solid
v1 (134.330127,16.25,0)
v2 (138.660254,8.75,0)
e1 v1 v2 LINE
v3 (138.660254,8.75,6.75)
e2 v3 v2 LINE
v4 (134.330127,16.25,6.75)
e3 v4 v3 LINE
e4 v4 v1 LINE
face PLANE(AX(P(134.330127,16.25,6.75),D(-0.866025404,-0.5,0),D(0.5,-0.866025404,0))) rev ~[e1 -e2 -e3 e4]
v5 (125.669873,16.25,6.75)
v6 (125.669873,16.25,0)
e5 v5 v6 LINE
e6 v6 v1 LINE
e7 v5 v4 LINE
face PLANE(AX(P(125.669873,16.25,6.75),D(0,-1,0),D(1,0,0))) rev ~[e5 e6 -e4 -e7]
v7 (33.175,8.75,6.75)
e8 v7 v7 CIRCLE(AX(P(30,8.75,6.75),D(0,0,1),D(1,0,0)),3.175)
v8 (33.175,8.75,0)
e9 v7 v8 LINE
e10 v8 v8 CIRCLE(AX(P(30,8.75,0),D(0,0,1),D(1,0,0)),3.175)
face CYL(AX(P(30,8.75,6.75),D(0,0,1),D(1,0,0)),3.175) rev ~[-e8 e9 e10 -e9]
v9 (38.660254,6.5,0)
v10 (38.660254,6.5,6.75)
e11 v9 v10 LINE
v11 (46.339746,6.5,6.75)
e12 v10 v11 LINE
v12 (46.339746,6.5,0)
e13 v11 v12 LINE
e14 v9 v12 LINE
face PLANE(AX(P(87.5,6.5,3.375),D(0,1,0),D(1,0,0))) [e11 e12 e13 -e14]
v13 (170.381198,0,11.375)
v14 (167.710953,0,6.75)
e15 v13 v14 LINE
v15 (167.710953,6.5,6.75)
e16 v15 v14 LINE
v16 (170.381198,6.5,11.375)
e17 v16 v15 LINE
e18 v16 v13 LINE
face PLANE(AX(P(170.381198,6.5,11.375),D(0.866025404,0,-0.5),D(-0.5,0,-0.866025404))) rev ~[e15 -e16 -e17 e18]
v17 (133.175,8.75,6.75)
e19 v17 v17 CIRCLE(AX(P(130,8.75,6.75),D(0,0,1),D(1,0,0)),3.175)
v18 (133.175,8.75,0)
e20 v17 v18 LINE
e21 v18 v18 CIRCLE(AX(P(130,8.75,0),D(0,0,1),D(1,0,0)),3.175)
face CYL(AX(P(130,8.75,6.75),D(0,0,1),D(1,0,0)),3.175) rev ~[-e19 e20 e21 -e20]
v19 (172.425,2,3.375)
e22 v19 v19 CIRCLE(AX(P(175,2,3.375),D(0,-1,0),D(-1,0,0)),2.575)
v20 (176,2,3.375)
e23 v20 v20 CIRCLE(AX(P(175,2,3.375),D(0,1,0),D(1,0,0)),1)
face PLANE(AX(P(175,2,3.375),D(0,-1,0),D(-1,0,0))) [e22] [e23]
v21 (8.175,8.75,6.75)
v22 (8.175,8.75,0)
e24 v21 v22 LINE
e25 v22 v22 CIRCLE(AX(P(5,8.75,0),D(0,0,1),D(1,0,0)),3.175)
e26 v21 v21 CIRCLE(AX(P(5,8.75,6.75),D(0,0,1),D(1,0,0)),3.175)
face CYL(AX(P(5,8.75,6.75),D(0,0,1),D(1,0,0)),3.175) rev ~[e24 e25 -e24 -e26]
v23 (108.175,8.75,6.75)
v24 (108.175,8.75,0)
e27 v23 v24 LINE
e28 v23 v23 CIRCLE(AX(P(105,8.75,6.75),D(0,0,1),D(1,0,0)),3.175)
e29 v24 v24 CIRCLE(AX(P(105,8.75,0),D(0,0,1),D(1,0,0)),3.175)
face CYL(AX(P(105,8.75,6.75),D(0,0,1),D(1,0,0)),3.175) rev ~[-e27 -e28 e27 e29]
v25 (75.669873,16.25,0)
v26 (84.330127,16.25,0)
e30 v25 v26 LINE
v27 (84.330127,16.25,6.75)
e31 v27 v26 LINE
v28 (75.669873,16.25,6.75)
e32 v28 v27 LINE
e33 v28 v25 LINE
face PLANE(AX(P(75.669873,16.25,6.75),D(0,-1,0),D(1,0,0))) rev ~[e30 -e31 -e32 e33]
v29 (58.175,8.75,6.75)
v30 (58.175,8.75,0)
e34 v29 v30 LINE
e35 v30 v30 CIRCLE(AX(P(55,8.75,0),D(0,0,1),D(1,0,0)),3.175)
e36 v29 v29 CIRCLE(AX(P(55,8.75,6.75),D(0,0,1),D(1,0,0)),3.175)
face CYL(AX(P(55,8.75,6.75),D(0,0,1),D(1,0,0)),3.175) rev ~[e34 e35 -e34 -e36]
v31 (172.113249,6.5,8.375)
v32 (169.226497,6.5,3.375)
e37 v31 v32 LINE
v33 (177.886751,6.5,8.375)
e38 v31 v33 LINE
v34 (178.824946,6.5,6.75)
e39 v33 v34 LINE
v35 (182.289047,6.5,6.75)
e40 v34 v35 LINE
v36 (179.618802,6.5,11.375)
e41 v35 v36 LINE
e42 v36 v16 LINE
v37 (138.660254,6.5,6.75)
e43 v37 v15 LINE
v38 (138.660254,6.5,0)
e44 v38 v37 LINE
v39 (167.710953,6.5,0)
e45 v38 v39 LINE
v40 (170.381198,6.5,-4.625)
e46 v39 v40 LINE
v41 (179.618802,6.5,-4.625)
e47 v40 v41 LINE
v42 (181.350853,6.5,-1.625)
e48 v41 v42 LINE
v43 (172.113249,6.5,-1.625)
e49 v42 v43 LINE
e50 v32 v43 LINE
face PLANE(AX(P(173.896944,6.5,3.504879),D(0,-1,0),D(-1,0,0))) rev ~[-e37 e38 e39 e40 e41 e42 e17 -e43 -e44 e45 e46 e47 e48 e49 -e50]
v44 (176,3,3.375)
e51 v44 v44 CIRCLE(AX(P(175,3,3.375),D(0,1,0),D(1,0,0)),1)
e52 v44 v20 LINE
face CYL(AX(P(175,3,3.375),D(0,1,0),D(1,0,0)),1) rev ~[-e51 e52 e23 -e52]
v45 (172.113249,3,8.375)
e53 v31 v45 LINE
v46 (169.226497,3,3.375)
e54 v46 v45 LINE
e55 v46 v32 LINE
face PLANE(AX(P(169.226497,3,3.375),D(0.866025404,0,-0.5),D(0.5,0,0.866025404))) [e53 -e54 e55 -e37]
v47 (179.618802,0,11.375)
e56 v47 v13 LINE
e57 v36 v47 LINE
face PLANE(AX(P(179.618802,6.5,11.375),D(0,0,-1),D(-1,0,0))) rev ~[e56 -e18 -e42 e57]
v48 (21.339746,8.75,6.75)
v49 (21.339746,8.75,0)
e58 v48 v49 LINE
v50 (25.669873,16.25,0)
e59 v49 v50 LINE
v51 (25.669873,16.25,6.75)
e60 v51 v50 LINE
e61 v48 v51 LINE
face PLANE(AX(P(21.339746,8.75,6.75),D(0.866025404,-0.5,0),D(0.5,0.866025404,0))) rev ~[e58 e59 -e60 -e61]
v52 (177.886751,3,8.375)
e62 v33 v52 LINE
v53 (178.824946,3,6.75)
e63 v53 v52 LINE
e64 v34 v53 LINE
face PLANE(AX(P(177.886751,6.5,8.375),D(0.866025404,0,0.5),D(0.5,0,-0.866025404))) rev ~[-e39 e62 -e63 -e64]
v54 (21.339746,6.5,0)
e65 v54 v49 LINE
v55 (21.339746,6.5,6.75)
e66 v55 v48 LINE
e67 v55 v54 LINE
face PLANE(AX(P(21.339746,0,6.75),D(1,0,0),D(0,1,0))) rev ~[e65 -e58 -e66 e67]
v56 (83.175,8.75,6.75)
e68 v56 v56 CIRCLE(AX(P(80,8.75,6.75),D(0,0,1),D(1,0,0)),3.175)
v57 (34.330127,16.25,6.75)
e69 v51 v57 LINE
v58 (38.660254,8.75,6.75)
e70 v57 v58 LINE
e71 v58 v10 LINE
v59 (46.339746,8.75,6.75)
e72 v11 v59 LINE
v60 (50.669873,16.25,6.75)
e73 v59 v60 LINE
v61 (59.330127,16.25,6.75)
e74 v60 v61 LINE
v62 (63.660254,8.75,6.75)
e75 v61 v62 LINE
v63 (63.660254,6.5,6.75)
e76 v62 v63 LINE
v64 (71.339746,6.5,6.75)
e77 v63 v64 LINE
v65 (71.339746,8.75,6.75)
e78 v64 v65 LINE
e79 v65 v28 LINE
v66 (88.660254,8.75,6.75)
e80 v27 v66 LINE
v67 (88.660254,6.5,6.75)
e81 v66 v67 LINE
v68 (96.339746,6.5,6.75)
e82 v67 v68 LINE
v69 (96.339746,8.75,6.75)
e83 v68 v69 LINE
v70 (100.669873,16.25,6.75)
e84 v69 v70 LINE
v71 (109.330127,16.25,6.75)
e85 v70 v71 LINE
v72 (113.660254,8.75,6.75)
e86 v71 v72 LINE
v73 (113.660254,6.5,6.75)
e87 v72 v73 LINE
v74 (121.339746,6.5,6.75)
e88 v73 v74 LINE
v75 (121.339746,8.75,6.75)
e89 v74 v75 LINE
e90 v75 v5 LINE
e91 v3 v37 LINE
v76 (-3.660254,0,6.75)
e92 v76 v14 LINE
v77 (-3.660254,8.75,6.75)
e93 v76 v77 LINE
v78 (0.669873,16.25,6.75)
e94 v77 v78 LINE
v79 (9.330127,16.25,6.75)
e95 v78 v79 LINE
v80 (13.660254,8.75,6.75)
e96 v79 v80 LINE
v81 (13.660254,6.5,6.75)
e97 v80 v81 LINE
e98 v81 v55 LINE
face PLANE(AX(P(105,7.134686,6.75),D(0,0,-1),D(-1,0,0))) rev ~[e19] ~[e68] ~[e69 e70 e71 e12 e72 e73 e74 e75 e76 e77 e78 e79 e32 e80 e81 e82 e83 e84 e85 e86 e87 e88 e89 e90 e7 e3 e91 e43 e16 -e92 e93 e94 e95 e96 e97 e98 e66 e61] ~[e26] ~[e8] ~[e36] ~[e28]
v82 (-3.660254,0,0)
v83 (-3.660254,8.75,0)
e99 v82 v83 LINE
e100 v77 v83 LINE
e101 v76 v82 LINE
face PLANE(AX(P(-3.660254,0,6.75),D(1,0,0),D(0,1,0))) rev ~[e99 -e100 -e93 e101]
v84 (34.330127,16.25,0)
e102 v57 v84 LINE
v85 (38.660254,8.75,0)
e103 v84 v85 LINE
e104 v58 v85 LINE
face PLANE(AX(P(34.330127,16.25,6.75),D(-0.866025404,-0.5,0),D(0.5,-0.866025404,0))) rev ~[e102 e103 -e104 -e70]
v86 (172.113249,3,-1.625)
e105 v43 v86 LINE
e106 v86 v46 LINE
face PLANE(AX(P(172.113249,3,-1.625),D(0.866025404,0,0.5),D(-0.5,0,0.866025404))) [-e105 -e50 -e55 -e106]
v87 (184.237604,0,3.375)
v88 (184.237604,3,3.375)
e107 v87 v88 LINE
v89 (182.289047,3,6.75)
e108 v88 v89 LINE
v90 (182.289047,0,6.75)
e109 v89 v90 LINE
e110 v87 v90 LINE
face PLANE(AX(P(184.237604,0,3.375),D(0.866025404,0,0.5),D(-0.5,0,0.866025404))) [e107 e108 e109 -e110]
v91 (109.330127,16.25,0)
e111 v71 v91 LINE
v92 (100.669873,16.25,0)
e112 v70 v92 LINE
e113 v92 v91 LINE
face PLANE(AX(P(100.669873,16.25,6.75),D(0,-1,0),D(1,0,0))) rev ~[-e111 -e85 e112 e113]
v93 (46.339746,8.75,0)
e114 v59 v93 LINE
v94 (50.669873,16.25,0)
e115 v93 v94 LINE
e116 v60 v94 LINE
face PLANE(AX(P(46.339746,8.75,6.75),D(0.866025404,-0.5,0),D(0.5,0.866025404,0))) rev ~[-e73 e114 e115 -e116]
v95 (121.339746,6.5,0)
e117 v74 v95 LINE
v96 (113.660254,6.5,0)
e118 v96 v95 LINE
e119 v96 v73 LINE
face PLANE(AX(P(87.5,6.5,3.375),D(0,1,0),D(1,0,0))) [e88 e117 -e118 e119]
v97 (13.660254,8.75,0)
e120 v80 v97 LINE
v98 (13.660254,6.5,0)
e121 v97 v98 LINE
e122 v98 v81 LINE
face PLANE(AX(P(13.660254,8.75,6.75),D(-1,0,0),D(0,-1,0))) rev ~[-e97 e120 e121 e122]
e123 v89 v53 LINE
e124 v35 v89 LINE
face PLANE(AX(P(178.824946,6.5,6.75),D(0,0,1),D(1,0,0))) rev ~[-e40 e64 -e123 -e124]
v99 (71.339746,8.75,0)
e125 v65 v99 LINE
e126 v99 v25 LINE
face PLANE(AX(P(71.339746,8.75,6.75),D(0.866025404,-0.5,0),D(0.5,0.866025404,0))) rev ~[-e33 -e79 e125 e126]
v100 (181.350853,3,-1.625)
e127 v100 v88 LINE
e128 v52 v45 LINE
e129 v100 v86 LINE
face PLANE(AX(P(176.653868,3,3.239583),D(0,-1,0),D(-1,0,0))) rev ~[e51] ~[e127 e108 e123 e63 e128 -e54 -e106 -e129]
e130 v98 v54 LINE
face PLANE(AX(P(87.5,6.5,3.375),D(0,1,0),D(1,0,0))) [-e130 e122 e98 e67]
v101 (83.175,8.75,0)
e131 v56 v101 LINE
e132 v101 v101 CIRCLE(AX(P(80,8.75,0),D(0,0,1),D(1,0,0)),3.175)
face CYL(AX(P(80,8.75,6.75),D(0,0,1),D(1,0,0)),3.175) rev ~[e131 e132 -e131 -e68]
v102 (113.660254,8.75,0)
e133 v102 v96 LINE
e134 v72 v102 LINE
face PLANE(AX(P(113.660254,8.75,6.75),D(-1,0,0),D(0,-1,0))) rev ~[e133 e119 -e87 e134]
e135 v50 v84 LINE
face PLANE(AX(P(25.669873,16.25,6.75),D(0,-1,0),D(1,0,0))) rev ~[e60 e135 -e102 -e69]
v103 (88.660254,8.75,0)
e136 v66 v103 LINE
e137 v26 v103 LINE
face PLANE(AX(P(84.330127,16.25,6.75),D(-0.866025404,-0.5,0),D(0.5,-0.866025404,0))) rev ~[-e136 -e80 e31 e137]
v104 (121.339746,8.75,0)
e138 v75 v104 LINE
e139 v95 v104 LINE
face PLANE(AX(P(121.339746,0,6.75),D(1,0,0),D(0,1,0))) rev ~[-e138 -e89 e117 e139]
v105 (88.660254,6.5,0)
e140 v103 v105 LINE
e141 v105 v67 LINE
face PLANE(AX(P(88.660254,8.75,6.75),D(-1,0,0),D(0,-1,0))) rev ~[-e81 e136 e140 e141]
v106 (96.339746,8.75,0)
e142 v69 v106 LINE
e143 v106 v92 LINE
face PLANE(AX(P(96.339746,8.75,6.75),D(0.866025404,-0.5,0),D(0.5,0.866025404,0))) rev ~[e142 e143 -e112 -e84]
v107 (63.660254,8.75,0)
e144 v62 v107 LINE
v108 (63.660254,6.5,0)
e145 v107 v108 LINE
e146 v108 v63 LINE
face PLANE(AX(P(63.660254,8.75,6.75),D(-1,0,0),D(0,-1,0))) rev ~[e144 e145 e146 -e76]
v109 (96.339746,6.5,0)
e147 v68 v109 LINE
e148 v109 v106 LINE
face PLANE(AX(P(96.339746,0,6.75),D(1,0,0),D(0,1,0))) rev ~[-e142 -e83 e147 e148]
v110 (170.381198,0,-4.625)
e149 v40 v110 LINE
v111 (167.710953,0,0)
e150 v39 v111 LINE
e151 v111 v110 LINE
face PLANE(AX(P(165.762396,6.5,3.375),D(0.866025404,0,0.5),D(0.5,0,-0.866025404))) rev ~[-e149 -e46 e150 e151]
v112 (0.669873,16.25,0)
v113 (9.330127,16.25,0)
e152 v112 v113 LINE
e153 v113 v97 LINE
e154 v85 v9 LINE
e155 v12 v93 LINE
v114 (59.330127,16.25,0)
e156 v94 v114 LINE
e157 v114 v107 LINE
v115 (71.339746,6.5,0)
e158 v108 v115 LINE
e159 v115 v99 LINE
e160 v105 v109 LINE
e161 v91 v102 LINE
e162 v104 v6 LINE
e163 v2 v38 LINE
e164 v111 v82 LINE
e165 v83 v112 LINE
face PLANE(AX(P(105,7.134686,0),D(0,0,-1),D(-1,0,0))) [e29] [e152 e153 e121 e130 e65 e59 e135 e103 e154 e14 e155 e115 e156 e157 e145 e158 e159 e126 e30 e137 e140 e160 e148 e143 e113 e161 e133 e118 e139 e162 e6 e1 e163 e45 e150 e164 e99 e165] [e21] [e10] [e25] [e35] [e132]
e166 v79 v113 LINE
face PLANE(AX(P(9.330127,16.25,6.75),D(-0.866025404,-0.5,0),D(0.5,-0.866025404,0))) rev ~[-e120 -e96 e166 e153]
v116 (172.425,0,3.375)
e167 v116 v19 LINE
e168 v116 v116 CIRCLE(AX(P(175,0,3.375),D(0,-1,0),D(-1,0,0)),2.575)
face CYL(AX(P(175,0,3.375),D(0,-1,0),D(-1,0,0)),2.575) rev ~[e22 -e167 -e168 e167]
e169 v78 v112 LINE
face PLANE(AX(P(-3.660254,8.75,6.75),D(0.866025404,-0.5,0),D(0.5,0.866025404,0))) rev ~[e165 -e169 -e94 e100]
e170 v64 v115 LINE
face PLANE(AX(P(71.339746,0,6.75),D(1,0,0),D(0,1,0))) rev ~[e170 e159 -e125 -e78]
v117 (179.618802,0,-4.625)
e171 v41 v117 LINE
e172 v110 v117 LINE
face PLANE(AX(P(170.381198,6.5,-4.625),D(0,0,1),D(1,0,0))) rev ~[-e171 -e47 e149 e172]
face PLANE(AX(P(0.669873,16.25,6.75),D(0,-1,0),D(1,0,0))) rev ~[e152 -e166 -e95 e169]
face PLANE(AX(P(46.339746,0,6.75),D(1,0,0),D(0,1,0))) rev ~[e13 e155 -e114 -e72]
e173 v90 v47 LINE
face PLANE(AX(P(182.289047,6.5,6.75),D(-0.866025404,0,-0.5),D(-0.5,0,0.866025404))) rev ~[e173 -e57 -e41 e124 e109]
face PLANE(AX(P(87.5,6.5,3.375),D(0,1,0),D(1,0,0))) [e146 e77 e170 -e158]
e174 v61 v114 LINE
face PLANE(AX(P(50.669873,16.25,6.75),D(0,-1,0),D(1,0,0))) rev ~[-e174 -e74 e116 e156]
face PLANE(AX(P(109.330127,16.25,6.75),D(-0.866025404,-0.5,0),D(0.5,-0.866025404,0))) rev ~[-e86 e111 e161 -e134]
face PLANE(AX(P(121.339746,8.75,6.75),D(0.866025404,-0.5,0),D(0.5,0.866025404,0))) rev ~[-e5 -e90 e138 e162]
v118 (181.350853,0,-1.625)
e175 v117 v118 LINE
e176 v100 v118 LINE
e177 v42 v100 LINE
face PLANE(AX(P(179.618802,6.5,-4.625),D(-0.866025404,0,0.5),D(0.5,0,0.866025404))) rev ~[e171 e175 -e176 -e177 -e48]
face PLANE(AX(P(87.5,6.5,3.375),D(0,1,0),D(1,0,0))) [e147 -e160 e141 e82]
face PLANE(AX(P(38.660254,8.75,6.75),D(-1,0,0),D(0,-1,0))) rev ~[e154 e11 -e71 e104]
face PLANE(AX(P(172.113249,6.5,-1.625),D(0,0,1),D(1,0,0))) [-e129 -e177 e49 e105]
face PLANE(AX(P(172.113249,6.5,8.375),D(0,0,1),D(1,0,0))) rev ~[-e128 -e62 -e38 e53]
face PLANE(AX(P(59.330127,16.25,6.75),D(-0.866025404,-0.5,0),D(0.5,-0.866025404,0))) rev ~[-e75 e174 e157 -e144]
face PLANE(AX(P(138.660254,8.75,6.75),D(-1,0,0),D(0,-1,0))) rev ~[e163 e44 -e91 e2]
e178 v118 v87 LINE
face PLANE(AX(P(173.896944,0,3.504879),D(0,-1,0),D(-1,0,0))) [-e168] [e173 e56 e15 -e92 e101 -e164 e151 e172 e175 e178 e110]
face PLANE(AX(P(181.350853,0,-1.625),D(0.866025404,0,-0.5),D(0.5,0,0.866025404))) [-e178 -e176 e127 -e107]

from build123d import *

# Parameters (mm, degrees)
SKETCH1_W           = 175
SKETCH1_H           = 6.75
BOSS_EXTRUDE1_DEPTH = 6.5
SKETCH2_W           = 10
SKETCH2_H           = 6.75
BOSS_EXTRUDE2_DEPTH = 7.5
SKETCH5_R           = 3.175
CUT_EXTRUDE2_DEPTH  = 10
LPATTERN1_COUNT     = 6
LPATTERN1_PITCH     = 25
SKETCH6_R           = 3.175
BOSS_EXTRUDE4_DEPTH = 6.75
LPATTERN2_COUNT     = 6
LPATTERN2_PITCH     = 25
BOSS_EXTRUDE5_DEPTH = 6.5
BOSS_EXTRUDE6_DEPTH = 3
SKETCH10_R          = 2.575
CUT_EXTRUDE4_DEPTH  = 2
CUT_EXTRUDE5_DEPTH  = 18
SKETCH12_R          = 1
CUT_EXTRUDE6_DEPTH  = 10


with BuildPart() as part:
    # Sketch1 → Boss-Extrude1 (new body)
    with BuildSketch(Plane(origin=(0, 0, 0), x_dir=(1, 0, 0), z_dir=(0, 1, 0))):
        with Locations((87.5, -3.375)):
            Rectangle(SKETCH1_W, SKETCH1_H)
    extrude(amount=BOSS_EXTRUDE1_DEPTH)

    # Sketch2 → Boss-Extrude2 (add)
    with BuildSketch(Plane(origin=(0, 6.5, 0), x_dir=(1, 0, 0), z_dir=(0, 1, 0))):
        with Locations((5, -3.375)):
            Rectangle(SKETCH2_W, SKETCH2_H)
    boss_extrude2 = extrude(amount=BOSS_EXTRUDE2_DEPTH)

    # Sketch5 → Cut-Extrude2 (cut)
    with BuildSketch(Plane.XY.offset(6.75)):
        with Locations((5, 8.75)):
            Circle(SKETCH5_R)
    cut_extrude2 = extrude(amount=-CUT_EXTRUDE2_DEPTH, mode=Mode.SUBTRACT)

    # LPattern1: Boss-Extrude2, Cut-Extrude2 ×6
    with Locations(*[(i * LPATTERN1_PITCH, 0, 0) for i in range(1, LPATTERN1_COUNT)]):
        add(boss_extrude2)
        add(cut_extrude2, mode=Mode.SUBTRACT)

    # Sketch6 → Boss-Extrude4 (add)
    with BuildSketch(Plane.XY.offset(6.75)):
        Polygon((138.660254038, 8.75), (138.660254038, 0), (121.339745962, 0), (121.339745962, 8.75), (125.669872981, 16.25), (134.330127019, 16.25), align=None)
        with Locations((130, 8.75)):
            Circle(SKETCH6_R, mode=Mode.SUBTRACT)
    boss_extrude4 = extrude(amount=-BOSS_EXTRUDE4_DEPTH)

    # LPattern2: Boss-Extrude4 ×6
    with Locations(*[(-i * LPATTERN2_PITCH, 0, 0) for i in range(1, LPATTERN2_COUNT)]):
        add(boss_extrude4)

    # Sketch7 → Boss-Extrude5 (add)
    with BuildSketch(Plane(origin=(0, 6.5, 0), x_dir=(1, 0, 0), z_dir=(0, 1, 0))):
        Polygon((172.113248654, -8.375), (177.886751346, -8.375), (178.824945533, -6.75), (182.289047149, -6.75), (179.618802154, -11.375), (170.381197846, -11.375), (165.762395693, -3.375), (170.381197846, 4.625), (179.618802154, 4.625), (181.350852961, 1.625), (177.886751346, 1.625), (172.113248654, 1.625), (169.226497308, -3.375), align=None)
    extrude(amount=-BOSS_EXTRUDE5_DEPTH)

    # Sketch9 → Boss-Extrude6 (add)
    with BuildSketch(Plane(origin=(0, 0, 0), x_dir=(-1, 0, 0), z_dir=(0, -1, 0))):
        Polygon((-169.226497308, -3.375), (-172.113248654, 1.625), (-177.886751346, 1.625), (-181.350852961, 1.625), (-184.237604307, -3.375), (-182.289047149, -6.75), (-178.824945533, -6.75), (-177.886751346, -8.375), (-172.113248654, -8.375), align=None)
    extrude(amount=-BOSS_EXTRUDE6_DEPTH)

    # Sketch10 → Cut-Extrude4 (cut)
    with BuildSketch(Plane(origin=(0, 0, 0), x_dir=(-1, 0, 0), z_dir=(0, -1, 0))):
        with Locations((-175, -3.375)):
            Circle(SKETCH10_R)
    extrude(amount=-CUT_EXTRUDE4_DEPTH, mode=Mode.SUBTRACT)

    # Sketch11 → Cut-Extrude5 (cut)
    with BuildSketch(Plane(origin=(0, 3, 0), x_dir=(1, 0, 0), z_dir=(0, 1, 0))):
        Polygon((180.773502692, -3.375), (177.886751346, 1.625), (172.113248654, 1.625), (169.226497308, -3.375), (172.113248654, -8.375), (177.886751346, -8.375), align=None)
    extrude(amount=CUT_EXTRUDE5_DEPTH, mode=Mode.SUBTRACT)

    # Sketch12 → Cut-Extrude6 (cut)
    with BuildSketch(Plane(origin=(0, 3, 0), x_dir=(1, 0, 0), z_dir=(0, 1, 0))):
        with Locations((175, -3.375)):
            Circle(SKETCH12_R)
    extrude(amount=-CUT_EXTRUDE6_DEPTH, mode=Mode.SUBTRACT)


solid = part.part
